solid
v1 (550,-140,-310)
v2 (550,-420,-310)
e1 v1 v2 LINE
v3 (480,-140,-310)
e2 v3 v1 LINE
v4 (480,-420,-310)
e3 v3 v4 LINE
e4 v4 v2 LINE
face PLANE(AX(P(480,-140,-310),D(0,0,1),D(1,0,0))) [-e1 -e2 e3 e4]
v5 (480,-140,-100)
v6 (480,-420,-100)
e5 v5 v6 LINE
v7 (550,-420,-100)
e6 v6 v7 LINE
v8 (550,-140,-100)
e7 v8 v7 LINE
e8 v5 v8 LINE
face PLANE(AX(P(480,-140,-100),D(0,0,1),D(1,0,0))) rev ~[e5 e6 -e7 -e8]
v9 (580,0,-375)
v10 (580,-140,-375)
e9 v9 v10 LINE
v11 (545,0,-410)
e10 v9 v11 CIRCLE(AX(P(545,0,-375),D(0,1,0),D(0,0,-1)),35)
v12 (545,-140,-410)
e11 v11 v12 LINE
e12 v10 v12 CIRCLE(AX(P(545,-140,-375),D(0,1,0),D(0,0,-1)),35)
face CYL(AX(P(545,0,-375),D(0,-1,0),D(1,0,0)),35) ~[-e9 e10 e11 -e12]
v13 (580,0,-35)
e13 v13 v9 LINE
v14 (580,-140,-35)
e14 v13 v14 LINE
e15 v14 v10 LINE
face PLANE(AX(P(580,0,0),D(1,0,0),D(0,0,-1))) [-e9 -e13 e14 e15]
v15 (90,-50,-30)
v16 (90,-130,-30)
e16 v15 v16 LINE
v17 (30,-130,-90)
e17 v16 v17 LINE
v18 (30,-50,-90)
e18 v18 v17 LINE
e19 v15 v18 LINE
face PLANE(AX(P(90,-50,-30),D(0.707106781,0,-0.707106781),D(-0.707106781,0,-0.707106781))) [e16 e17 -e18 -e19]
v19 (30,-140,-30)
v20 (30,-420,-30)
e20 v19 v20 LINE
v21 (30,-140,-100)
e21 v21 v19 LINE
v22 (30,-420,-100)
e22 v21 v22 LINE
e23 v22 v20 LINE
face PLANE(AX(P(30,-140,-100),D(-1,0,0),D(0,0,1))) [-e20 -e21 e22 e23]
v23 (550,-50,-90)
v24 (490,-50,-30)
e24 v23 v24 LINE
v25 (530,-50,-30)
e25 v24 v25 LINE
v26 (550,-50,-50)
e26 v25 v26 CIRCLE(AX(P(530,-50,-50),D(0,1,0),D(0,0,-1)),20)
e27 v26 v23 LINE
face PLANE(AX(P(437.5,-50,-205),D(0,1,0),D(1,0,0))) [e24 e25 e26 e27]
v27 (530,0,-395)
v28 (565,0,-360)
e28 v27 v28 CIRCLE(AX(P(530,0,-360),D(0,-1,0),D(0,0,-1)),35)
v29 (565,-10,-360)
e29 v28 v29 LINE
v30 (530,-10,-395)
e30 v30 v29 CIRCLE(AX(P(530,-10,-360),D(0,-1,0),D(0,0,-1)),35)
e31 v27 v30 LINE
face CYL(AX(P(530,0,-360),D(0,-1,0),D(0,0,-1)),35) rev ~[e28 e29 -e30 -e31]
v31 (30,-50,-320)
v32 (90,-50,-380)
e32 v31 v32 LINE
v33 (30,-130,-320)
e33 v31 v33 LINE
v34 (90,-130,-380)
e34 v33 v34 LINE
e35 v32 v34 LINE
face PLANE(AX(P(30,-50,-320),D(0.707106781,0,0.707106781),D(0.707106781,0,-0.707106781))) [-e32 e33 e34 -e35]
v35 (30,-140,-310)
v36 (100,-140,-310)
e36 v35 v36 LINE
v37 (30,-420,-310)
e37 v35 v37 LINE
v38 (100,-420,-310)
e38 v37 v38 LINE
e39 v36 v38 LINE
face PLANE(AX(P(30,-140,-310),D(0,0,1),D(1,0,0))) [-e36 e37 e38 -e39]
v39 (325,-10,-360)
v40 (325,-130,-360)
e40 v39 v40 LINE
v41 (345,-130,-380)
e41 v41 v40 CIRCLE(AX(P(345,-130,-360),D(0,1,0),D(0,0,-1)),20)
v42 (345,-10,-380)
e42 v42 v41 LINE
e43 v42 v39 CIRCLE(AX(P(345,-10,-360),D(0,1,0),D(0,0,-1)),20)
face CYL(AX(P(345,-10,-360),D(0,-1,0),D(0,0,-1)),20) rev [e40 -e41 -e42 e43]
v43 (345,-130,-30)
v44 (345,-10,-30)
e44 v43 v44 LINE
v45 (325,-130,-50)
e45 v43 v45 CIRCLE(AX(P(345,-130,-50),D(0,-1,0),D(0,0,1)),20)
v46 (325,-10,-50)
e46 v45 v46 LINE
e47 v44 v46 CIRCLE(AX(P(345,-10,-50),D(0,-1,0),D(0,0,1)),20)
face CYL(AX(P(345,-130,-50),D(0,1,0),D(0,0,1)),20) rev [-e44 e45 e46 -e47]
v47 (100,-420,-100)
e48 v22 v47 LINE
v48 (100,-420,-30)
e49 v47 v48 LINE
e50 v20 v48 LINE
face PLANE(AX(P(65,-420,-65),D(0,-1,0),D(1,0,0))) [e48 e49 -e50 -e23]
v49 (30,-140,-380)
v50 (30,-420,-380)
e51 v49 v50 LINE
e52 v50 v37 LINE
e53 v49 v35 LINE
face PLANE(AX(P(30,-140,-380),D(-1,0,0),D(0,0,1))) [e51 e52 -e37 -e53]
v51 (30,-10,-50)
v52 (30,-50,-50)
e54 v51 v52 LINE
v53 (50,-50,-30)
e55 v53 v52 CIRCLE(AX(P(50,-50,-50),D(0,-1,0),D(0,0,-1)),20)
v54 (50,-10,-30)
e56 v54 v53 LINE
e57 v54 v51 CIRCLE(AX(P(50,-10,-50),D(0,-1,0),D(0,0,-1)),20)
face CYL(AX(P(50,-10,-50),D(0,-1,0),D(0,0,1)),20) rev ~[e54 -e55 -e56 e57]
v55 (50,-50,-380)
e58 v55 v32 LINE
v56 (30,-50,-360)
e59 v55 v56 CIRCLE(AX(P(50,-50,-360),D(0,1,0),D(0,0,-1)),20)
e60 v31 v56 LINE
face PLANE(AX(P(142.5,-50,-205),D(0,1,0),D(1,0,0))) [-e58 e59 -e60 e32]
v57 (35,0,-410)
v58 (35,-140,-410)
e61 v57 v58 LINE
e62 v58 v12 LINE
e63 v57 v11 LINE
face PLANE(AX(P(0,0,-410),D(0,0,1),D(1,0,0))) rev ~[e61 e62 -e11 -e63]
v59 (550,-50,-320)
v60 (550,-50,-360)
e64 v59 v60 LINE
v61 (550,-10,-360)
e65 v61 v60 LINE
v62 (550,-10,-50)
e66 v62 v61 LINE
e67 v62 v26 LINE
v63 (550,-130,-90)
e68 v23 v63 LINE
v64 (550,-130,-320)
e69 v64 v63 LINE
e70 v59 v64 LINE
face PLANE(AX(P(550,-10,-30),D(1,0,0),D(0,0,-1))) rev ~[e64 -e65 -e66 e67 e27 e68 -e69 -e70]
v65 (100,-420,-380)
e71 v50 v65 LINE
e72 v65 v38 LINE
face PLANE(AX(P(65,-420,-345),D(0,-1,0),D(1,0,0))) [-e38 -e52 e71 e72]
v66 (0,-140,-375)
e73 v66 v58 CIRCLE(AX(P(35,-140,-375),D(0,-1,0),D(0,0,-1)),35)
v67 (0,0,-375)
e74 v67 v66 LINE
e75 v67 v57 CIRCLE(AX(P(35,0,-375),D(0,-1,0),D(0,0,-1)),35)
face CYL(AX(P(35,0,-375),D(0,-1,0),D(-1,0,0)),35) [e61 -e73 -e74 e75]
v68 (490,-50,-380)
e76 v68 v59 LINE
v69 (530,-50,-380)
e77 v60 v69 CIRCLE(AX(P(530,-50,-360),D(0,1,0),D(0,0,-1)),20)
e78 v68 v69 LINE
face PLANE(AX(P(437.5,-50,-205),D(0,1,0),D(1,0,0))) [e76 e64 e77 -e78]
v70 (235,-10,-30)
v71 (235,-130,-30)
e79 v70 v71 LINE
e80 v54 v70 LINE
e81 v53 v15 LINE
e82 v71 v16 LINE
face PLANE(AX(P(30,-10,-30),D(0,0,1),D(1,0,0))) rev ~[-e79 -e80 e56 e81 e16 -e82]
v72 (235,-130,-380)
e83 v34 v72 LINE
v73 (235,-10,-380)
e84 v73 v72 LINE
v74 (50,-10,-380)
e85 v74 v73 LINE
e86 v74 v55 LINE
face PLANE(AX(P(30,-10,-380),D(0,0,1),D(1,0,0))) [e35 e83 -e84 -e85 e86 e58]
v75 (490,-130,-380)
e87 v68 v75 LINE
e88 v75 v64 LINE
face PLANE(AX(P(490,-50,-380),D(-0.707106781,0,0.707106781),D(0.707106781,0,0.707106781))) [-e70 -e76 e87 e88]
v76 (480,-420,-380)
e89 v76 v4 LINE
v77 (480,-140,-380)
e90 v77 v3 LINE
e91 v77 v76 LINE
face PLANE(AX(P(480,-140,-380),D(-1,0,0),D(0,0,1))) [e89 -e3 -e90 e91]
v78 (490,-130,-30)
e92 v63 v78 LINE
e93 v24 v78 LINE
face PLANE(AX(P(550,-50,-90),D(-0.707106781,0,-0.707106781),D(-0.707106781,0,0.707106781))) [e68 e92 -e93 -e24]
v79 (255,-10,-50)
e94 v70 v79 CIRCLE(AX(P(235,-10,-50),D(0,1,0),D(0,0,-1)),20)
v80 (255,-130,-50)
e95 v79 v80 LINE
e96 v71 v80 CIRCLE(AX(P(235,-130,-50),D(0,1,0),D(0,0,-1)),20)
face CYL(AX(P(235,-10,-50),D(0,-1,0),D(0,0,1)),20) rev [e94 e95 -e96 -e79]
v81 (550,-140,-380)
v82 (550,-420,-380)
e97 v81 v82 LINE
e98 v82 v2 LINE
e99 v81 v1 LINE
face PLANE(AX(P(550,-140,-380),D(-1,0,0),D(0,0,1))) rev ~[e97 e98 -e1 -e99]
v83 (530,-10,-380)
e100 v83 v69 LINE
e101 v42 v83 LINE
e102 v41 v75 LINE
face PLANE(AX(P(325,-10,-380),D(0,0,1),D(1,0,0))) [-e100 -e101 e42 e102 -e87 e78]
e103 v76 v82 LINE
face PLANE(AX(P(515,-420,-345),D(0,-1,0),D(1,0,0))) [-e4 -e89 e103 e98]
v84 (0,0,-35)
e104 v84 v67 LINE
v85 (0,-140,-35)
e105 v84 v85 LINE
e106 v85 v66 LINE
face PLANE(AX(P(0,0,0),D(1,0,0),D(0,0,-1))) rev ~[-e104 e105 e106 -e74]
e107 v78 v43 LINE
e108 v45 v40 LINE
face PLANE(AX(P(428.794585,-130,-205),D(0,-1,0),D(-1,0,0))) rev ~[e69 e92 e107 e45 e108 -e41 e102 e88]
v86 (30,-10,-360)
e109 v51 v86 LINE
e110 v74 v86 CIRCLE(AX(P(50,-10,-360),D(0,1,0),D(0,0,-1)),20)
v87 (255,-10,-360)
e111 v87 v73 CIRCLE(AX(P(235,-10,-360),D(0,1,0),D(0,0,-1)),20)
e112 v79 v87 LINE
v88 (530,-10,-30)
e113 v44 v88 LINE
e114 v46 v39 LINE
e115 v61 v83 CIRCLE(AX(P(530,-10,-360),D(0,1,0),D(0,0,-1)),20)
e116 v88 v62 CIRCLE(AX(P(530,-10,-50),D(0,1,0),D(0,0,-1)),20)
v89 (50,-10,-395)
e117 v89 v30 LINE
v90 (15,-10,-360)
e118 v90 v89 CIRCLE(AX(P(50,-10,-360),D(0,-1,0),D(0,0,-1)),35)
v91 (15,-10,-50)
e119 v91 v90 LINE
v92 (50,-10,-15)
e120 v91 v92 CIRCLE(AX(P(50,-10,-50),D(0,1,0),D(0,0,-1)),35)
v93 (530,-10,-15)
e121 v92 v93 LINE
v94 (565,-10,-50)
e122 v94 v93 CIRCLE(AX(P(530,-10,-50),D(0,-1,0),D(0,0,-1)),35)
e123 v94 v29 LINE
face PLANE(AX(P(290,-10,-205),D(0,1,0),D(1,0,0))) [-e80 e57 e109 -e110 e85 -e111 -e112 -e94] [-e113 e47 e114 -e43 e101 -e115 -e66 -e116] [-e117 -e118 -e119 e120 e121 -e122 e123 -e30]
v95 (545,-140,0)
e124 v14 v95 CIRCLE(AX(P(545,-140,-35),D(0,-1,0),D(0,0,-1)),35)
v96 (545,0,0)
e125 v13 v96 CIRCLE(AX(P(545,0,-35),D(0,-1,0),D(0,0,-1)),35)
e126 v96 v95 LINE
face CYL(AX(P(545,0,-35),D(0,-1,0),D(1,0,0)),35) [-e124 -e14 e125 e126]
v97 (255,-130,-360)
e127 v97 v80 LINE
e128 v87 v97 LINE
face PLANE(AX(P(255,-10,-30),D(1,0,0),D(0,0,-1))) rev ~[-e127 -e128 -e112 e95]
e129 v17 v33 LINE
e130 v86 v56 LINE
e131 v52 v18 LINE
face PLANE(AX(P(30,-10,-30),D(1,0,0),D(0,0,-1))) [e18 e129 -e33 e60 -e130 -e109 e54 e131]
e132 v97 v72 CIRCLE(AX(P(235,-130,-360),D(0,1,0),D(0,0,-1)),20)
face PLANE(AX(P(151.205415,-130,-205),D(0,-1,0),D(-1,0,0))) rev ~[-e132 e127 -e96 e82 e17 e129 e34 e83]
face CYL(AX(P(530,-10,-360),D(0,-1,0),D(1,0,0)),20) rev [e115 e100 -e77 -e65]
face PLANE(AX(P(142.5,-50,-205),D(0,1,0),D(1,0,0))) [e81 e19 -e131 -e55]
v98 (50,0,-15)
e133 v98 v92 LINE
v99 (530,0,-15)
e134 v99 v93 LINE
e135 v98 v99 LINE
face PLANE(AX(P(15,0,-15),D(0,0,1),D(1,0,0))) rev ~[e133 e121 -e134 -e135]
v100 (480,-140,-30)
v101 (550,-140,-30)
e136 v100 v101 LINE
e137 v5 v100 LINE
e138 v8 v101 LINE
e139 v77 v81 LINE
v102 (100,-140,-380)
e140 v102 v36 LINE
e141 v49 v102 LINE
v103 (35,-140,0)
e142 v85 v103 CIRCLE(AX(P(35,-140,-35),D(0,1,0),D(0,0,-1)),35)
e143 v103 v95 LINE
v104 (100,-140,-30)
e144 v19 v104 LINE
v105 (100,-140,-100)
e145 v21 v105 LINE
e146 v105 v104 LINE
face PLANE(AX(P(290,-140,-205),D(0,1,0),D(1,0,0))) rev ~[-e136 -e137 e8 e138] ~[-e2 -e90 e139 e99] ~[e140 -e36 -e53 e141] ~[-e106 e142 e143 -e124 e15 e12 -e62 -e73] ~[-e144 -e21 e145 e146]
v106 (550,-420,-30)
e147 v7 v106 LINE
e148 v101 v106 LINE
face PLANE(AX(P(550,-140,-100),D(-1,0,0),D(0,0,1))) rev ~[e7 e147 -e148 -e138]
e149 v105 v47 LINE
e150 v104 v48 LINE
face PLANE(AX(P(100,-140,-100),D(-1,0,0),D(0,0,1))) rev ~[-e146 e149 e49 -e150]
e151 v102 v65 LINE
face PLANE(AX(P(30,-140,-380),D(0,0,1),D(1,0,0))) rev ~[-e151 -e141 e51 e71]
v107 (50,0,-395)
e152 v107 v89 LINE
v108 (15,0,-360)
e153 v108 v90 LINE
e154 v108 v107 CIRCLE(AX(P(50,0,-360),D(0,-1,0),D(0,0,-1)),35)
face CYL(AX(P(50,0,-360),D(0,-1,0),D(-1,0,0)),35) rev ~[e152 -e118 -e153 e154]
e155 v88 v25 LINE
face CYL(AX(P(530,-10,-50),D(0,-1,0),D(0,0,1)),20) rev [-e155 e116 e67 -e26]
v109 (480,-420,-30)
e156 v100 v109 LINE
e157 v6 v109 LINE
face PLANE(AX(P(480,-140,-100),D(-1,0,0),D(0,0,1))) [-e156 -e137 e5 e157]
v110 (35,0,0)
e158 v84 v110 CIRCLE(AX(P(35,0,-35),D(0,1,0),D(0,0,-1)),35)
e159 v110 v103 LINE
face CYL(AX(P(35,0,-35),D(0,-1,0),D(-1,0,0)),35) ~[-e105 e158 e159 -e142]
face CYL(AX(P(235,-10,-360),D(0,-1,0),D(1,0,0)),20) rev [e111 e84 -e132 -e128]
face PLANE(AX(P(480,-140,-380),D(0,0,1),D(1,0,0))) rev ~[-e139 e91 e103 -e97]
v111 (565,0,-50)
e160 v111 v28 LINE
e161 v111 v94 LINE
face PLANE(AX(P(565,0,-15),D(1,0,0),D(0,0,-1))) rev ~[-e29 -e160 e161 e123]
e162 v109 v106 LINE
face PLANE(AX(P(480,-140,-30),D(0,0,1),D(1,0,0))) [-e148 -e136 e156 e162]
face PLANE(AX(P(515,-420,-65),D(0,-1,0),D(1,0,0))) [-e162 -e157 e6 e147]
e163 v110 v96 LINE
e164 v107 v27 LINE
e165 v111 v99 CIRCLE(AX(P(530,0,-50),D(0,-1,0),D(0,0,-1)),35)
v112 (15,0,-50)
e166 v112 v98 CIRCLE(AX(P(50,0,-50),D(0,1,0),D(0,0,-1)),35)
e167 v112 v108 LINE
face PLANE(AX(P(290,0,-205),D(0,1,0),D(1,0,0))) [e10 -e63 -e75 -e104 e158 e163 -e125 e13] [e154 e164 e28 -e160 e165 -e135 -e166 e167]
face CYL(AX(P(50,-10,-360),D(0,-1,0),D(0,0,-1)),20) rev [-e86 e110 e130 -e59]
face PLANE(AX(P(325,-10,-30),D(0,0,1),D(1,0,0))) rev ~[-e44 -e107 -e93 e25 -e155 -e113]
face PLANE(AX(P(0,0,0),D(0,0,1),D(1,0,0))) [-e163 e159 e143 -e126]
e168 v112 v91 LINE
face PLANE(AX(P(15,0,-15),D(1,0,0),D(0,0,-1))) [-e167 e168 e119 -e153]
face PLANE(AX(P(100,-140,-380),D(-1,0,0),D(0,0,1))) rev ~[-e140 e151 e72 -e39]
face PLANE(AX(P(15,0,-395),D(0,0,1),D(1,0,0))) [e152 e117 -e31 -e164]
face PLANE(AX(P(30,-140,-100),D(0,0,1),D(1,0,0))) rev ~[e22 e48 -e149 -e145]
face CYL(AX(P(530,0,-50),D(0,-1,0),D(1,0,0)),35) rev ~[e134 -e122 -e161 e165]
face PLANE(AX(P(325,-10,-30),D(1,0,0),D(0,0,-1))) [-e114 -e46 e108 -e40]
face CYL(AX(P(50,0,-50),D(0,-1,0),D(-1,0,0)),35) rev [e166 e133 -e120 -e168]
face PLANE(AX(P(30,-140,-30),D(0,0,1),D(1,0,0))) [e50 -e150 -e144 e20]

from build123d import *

# Parameters (mm, degrees)
SKETCH1_W           = 580
SKETCH1_H           = 410
BOSS_EXTRUDE1_DEPTH = 140
SKETCH3_W           = 550
SKETCH3_H           = 380
CUT_EXTRUDE1_DEPTH  = 10
SKETCH2_W           = 225
SKETCH2_H           = 350
CUT_EXTRUDE2_DEPTH  = 40
CUT_EXTRUDE3_DEPTH  = 80
FILLET1_R           = 35
SKETCH6_W           = 70
SKETCH6_H           = 70
BOSS_EXTRUDE2_DEPTH = 280
FILLET2_R           = 20


with BuildPart() as part:
    # Sketch1 → Boss-Extrude1 (new body)
    with BuildSketch(Plane(origin=(0, 0, 0), x_dir=(1, 0, 0), z_dir=(0, 1, 0))):
        with Locations((290, 205)):
            Rectangle(SKETCH1_W, SKETCH1_H)
    extrude(amount=-BOSS_EXTRUDE1_DEPTH)

    # Sketch3 → Cut-Extrude1 (cut)
    with BuildSketch(Plane(origin=(0, 0, 0), x_dir=(1, 0, 0), z_dir=(0, 1, 0))):
        with Locations((290, 205)):
            Rectangle(SKETCH3_W, SKETCH3_H)
    extrude(amount=-CUT_EXTRUDE1_DEPTH, mode=Mode.SUBTRACT)

    # Sketch2 → Cut-Extrude2 (cut)
    with BuildSketch(Plane(origin=(0, -10, 0), x_dir=(1, 0, 0), z_dir=(0, 1, 0))):
        with Locations((142.5, 205)):
            Rectangle(SKETCH2_W, SKETCH2_H)
        with Locations((437.5, 205)):
            Rectangle(SKETCH2_W, SKETCH2_H)
    extrude(amount=-CUT_EXTRUDE2_DEPTH, mode=Mode.SUBTRACT)

    # Sketch5 → Cut-Extrude3 (cut)
    with BuildSketch(Plane(origin=(0, -50, 0), x_dir=(1, 0, 0), z_dir=(0, 1, 0))):
        Polygon((30, 320), (90, 380), (255, 380), (255, 30), (90, 30), (30, 90), align=None)
        Polygon((550, 90), (490, 30), (325, 30), (325, 380), (490, 380), (550, 320), align=None)
    extrude(amount=-CUT_EXTRUDE3_DEPTH, mode=Mode.SUBTRACT)

    # Fillet1
    fillet1_edges = [part.edges().sort_by_distance(p)[0] for p in [
        (15, -5, -15),
        (15, -5, -395),
        (565, -5, -395),
        (565, -5, -15),
        (0, -70, -410),
        (580, -70, -410),
        (580, -70, 0),
        (0, -70, 0),
    ]]
    fillet(fillet1_edges, radius=FILLET1_R)

    # Sketch6 → Boss-Extrude2 (add)
    with BuildSketch(Plane.XZ.offset(140)):
        with Locations((65, -65)):
            Rectangle(SKETCH6_W, SKETCH6_H)
        with Locations((515, -65)):
            Rectangle(SKETCH6_W, SKETCH6_H)
        with Locations((515, -345)):
            Rectangle(SKETCH6_W, SKETCH6_H)
        with Locations((65, -345)):
            Rectangle(SKETCH6_W, SKETCH6_H)
    extrude(amount=BOSS_EXTRUDE2_DEPTH)

    # Fillet2
    fillet2_edges = [part.edges().sort_by_distance(p)[0] for p in [
        (30, -30, -30),
        (30, -30, -380),
        (255, -70, -380),
        (255, -70, -30),
        (550, -30, -380),
        (550, -30, -30),
        (325, -70, -30),
        (325, -70, -380),
    ]]
    fillet(fillet2_edges, radius=FILLET2_R)


solid = part.part
